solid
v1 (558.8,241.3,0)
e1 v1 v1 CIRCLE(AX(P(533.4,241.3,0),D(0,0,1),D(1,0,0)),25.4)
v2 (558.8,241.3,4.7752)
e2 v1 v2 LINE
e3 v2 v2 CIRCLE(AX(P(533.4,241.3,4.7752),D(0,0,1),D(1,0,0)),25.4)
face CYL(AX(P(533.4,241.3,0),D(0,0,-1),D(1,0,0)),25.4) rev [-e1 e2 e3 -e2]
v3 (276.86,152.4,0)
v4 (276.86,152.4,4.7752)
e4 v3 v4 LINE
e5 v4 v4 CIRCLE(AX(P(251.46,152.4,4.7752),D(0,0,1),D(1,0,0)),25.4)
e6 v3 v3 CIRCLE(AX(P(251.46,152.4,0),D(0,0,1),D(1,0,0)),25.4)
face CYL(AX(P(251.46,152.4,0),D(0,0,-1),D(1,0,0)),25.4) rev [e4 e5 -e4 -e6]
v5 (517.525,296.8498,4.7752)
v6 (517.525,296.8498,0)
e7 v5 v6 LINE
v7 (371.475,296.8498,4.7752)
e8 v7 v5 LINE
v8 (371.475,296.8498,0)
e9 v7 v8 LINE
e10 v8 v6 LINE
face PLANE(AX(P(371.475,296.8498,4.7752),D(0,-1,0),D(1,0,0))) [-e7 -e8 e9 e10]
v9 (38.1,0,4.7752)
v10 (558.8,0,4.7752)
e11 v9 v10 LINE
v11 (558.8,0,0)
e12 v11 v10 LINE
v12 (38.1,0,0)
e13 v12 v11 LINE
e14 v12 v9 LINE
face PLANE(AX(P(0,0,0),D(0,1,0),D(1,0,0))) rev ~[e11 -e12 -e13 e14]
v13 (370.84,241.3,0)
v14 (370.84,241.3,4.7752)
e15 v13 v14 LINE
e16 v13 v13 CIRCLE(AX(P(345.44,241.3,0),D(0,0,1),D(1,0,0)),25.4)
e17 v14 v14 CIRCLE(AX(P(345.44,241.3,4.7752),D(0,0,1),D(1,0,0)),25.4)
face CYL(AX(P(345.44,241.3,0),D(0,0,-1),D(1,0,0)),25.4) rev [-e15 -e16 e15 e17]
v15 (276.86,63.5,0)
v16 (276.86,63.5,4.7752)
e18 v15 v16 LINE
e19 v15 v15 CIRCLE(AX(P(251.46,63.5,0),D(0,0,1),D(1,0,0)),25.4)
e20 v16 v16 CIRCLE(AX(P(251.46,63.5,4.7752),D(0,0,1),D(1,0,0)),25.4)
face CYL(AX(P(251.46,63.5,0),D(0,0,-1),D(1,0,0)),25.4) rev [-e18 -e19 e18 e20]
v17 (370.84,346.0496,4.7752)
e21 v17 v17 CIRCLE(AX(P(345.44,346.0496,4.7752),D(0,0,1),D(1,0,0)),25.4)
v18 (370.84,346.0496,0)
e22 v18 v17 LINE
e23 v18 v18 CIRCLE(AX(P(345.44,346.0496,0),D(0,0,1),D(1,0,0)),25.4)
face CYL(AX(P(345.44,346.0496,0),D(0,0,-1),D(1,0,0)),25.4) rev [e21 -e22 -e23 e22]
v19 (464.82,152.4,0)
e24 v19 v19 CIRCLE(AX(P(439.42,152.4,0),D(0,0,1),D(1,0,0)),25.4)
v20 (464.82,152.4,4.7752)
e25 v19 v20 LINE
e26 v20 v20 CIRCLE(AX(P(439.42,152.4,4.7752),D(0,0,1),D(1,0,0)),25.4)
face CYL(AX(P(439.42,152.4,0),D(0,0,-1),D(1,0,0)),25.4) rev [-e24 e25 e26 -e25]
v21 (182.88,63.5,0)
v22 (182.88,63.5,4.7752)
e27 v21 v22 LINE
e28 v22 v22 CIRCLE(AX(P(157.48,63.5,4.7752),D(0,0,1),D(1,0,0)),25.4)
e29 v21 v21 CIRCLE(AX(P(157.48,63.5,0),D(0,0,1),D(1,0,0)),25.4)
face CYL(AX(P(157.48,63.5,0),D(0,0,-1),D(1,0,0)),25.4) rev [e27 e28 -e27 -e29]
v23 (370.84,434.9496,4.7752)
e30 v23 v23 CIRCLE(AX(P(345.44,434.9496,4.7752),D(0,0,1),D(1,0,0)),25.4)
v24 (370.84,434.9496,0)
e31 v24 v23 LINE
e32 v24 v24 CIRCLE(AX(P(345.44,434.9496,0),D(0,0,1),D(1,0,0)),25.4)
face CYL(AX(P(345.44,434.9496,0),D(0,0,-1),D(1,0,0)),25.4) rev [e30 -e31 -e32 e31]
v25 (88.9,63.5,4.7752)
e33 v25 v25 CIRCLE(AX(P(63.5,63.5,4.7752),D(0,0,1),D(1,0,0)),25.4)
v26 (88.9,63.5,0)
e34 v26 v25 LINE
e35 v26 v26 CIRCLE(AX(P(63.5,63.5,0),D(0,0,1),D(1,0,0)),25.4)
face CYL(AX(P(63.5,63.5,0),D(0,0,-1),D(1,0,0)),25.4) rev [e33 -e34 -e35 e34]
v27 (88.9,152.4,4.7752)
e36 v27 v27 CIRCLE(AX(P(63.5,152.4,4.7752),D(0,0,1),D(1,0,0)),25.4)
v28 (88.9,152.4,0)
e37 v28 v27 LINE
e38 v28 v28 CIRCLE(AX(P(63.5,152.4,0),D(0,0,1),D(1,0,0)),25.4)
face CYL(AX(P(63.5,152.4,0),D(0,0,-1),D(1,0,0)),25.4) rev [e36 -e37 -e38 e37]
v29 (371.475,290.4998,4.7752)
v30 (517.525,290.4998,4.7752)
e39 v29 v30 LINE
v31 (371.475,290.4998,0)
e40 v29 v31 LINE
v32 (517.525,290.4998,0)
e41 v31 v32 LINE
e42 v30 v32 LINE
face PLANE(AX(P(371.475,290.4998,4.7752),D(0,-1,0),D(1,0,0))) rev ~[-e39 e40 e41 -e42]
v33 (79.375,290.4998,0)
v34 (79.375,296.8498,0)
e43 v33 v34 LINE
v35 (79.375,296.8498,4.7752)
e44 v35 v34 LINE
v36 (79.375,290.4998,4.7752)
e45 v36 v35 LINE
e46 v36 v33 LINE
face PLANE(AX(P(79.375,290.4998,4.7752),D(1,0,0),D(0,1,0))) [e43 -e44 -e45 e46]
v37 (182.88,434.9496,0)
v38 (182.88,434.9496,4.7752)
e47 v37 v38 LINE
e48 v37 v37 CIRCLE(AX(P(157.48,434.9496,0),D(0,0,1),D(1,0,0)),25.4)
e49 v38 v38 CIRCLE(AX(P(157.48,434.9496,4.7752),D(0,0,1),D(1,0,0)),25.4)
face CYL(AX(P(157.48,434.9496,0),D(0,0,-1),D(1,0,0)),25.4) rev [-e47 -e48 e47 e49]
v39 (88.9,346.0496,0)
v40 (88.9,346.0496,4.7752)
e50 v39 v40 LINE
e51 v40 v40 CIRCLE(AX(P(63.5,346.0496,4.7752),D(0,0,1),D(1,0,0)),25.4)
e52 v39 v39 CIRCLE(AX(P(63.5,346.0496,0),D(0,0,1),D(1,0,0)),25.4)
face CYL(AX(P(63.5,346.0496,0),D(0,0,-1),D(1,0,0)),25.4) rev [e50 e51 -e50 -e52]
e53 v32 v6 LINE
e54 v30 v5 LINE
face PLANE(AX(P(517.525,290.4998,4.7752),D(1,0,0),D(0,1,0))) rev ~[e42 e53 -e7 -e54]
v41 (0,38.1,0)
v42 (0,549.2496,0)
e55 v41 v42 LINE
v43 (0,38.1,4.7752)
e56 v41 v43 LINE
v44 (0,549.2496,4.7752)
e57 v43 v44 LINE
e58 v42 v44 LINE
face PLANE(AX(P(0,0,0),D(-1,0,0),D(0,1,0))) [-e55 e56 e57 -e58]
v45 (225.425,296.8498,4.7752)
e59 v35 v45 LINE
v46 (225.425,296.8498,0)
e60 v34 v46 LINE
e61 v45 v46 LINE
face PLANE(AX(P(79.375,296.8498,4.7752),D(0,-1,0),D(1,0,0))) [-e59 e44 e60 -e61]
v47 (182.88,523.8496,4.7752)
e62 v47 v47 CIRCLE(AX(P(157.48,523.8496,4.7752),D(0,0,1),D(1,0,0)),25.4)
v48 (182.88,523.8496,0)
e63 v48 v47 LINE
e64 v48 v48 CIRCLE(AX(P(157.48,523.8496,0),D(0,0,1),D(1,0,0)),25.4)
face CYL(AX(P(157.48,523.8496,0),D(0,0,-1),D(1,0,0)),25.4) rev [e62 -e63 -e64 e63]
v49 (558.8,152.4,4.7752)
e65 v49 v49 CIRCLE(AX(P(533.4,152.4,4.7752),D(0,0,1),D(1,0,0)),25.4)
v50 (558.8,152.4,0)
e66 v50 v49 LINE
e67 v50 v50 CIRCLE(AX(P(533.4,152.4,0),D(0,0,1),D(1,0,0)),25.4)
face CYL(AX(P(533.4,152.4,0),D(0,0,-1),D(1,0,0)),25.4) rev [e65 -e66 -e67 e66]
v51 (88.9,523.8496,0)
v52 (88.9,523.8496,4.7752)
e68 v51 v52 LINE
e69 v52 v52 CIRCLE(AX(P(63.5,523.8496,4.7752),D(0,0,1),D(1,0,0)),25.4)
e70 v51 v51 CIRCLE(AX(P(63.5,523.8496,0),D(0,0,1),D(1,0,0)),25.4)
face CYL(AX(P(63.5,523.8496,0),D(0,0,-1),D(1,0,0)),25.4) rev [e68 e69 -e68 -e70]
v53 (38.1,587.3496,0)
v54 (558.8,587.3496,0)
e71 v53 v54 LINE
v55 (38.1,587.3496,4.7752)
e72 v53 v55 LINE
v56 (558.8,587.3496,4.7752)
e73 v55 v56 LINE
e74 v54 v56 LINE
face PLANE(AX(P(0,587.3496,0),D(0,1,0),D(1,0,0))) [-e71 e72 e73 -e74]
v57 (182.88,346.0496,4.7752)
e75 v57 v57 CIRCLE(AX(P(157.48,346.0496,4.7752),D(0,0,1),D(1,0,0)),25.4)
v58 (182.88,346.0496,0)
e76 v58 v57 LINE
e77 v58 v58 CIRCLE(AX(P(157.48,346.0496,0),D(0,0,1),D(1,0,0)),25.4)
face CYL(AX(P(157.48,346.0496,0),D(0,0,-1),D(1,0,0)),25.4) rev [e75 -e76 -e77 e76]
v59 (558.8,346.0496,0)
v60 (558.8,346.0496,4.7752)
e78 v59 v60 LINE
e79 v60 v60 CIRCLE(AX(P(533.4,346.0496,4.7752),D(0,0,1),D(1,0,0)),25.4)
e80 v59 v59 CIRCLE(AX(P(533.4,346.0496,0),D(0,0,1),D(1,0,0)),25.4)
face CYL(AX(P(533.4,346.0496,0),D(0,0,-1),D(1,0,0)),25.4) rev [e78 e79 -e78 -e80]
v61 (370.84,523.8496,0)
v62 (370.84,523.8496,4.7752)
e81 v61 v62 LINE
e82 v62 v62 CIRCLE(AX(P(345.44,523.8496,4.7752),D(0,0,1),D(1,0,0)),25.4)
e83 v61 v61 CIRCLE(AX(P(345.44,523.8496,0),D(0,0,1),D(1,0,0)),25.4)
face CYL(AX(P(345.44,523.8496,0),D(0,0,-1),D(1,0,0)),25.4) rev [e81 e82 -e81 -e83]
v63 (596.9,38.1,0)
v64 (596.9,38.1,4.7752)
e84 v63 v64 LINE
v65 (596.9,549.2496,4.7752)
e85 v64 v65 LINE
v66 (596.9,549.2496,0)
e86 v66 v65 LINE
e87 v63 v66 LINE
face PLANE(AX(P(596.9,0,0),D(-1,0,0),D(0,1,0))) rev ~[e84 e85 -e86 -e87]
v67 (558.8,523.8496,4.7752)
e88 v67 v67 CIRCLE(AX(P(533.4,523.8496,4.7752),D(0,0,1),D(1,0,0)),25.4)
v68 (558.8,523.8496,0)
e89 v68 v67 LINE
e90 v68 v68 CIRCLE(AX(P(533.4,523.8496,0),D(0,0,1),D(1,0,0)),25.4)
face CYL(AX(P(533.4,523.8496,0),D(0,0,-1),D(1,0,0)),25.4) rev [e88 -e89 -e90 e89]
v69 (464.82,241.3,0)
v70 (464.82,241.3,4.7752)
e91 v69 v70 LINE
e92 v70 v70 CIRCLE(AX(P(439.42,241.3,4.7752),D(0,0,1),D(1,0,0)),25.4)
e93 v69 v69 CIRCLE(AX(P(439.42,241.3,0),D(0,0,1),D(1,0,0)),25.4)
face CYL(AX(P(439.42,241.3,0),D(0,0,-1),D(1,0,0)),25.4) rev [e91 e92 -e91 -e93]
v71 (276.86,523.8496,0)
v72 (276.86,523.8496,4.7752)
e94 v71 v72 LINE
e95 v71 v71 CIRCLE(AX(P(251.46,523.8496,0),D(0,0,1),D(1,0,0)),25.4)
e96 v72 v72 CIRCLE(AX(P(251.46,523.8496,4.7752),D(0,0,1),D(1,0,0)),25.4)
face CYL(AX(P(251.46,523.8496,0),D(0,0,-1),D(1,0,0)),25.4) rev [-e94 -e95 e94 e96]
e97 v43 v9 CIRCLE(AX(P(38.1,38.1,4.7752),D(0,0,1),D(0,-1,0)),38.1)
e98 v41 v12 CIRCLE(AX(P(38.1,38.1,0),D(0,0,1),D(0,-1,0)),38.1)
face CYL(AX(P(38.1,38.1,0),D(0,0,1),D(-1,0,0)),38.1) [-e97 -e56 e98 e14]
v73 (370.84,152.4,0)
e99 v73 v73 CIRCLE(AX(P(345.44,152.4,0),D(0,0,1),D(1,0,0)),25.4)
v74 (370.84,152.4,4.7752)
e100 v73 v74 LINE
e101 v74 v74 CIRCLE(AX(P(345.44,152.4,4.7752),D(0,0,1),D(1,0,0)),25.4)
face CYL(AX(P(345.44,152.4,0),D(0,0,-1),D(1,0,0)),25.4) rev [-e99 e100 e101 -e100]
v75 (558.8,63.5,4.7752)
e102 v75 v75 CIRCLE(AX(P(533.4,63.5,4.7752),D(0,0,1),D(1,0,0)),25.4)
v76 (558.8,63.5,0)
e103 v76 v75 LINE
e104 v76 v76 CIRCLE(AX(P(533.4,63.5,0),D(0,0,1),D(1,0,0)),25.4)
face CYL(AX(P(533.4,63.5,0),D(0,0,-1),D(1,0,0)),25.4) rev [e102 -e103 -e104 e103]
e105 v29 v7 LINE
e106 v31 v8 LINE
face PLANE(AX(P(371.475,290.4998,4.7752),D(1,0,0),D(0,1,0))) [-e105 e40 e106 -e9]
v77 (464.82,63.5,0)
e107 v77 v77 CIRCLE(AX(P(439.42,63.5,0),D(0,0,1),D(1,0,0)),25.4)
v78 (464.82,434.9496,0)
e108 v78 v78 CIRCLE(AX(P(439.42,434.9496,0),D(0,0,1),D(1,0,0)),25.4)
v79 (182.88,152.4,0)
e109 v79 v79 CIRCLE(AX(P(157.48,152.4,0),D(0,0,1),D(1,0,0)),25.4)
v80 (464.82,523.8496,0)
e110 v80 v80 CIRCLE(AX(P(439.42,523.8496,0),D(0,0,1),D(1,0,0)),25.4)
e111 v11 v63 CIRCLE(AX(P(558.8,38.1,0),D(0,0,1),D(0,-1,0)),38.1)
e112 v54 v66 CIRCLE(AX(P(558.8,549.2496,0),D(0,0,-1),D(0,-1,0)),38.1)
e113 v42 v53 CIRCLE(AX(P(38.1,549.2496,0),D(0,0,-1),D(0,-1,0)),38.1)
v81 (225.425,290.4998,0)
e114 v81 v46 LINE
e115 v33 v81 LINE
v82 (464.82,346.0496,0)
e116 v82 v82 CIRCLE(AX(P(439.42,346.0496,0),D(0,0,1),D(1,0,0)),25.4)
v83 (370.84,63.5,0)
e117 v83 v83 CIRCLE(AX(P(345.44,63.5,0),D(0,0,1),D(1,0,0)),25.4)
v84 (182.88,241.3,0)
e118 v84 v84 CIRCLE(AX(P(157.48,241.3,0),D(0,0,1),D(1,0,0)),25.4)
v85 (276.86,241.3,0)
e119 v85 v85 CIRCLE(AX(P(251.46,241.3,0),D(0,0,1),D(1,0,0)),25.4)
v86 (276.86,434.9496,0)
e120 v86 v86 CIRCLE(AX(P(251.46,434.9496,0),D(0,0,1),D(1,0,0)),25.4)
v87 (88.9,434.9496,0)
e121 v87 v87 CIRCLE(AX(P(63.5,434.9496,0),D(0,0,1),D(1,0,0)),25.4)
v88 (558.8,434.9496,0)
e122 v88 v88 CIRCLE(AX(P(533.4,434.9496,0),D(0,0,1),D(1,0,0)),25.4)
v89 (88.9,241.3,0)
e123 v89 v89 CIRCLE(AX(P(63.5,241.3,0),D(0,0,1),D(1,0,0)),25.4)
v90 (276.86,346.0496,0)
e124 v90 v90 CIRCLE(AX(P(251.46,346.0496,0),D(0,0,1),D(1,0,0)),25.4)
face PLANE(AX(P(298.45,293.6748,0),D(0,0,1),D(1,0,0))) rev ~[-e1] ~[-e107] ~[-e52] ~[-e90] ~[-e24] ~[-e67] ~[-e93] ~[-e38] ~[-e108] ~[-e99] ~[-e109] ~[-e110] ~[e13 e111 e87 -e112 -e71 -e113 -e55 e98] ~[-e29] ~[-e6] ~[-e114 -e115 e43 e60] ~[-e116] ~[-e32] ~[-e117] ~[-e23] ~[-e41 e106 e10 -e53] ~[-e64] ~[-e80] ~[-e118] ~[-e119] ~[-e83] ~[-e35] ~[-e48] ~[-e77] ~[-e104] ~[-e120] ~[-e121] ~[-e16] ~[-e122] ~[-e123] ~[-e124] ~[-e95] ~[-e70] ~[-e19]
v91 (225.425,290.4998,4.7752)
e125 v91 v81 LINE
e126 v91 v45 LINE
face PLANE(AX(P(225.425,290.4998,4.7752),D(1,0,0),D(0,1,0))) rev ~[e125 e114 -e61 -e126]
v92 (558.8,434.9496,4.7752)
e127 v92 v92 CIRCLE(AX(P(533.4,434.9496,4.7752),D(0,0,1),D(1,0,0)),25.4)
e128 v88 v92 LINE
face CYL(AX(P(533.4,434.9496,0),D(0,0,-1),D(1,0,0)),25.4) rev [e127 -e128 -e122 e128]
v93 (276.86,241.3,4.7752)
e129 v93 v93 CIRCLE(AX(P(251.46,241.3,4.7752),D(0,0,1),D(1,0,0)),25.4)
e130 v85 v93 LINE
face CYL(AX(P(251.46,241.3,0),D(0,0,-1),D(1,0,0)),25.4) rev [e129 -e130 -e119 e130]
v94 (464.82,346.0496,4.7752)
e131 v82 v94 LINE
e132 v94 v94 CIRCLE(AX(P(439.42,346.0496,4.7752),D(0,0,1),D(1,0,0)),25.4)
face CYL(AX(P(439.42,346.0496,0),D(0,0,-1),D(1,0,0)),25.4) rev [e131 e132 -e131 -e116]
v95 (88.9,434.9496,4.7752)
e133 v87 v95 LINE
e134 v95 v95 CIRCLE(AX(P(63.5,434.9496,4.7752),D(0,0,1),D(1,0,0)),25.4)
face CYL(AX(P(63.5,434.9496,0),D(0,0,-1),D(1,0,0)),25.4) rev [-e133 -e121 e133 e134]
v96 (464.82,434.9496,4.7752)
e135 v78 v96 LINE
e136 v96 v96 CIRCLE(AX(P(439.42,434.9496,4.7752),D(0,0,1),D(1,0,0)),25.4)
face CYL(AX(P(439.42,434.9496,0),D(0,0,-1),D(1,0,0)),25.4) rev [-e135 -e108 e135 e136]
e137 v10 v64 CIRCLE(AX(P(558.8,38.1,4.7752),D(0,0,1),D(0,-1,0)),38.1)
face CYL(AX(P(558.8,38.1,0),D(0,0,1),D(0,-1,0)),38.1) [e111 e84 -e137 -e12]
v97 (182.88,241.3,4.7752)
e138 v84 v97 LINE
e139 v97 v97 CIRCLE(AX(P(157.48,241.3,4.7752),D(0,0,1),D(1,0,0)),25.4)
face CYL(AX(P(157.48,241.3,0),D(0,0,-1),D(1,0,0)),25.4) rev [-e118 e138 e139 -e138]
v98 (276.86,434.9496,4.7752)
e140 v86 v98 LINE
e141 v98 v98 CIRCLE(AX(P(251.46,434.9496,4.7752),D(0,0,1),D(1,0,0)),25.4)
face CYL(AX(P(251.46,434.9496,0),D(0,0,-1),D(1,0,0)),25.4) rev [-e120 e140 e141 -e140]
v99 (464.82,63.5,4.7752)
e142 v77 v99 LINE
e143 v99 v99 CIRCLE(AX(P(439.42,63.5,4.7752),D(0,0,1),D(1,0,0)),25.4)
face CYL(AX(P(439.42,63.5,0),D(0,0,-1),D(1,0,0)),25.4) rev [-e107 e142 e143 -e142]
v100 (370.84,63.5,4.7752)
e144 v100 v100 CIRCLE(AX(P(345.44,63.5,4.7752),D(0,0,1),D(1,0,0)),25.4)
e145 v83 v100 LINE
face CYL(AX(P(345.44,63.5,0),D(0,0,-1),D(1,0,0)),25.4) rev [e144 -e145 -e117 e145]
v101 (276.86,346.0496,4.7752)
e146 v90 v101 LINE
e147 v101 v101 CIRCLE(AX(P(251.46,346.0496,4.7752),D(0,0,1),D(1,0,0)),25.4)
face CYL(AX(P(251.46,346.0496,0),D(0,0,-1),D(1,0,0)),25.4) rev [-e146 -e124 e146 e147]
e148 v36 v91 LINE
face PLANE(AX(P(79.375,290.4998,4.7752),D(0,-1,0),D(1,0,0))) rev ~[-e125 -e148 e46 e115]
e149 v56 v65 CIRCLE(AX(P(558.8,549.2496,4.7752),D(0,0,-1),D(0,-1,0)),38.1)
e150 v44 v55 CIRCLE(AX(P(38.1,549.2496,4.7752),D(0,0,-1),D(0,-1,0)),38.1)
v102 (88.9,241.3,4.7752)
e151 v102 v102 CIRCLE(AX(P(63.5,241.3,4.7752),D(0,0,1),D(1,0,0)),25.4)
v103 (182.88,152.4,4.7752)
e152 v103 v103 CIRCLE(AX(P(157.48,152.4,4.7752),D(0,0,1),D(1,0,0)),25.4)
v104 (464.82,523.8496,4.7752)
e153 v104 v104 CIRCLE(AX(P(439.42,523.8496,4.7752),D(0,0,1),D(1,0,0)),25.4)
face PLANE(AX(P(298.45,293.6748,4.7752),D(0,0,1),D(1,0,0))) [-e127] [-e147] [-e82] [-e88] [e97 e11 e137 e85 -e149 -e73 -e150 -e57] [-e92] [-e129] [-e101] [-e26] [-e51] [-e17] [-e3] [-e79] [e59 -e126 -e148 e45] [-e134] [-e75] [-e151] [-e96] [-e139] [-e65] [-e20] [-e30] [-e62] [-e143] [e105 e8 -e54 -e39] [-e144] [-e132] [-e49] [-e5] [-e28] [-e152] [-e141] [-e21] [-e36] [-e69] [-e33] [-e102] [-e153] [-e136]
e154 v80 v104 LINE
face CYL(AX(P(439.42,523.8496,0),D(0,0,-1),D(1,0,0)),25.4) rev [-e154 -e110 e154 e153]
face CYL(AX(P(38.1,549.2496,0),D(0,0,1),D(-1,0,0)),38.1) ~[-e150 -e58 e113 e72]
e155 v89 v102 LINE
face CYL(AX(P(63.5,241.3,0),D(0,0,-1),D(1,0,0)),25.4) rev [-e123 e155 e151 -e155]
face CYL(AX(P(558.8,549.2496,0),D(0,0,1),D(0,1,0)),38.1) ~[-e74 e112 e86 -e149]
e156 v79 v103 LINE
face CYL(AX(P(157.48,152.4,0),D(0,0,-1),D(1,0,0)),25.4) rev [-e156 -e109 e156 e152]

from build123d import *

# Parameters (mm, degrees)
F0_W     = 596.9
F0_H     = 587.3496
F0_R     = 25.4
F1_DEPTH = 4.7752
F2_R     = 38.1
F3_W     = 146.05
F3_H     = 6.35
F4_DEPTH = 25.4


with BuildPart() as f1:
    # F0 (on Top) → F1 (new body)
    with BuildSketch(Plane.XY):
        with Locations((298.45, 293.6748)):
            Rectangle(F0_W, F0_H)
        with Locations((63.5, 63.5)):
            Circle(F0_R, mode=Mode.SUBTRACT)
        with Locations((157.48, 63.5)):
            Circle(F0_R, mode=Mode.SUBTRACT)
        with Locations((251.46, 63.5)):
            Circle(F0_R, mode=Mode.SUBTRACT)
        with Locations((63.5, 152.4)):
            Circle(F0_R, mode=Mode.SUBTRACT)
        with Locations((63.5, 241.3)):
            Circle(F0_R, mode=Mode.SUBTRACT)
        with Locations((157.48, 152.4)):
            Circle(F0_R, mode=Mode.SUBTRACT)
        with Locations((251.46, 152.4)):
            Circle(F0_R, mode=Mode.SUBTRACT)
        with Locations((157.48, 241.3)):
            Circle(F0_R, mode=Mode.SUBTRACT)
        with Locations((251.46, 241.3)):
            Circle(F0_R, mode=Mode.SUBTRACT)
        with Locations((345.44, 63.5)):
            Circle(F0_R, mode=Mode.SUBTRACT)
        with Locations((439.42, 63.5)):
            Circle(F0_R, mode=Mode.SUBTRACT)
        with Locations((533.4, 63.5)):
            Circle(F0_R, mode=Mode.SUBTRACT)
        with Locations((345.44, 152.4)):
            Circle(F0_R, mode=Mode.SUBTRACT)
        with Locations((439.42, 152.4)):
            Circle(F0_R, mode=Mode.SUBTRACT)
        with Locations((345.44, 241.3)):
            Circle(F0_R, mode=Mode.SUBTRACT)
        with Locations((439.42, 241.3)):
            Circle(F0_R, mode=Mode.SUBTRACT)
        with Locations((533.4, 152.4)):
            Circle(F0_R, mode=Mode.SUBTRACT)
        with Locations((533.4, 241.3)):
            Circle(F0_R, mode=Mode.SUBTRACT)
        with Locations((63.5, 346.0496)):
            Circle(F0_R, mode=Mode.SUBTRACT)
        with Locations((63.5, 434.9496)):
            Circle(F0_R, mode=Mode.SUBTRACT)
        with Locations((157.48, 346.0496)):
            Circle(F0_R, mode=Mode.SUBTRACT)
        with Locations((251.46, 346.0496)):
            Circle(F0_R, mode=Mode.SUBTRACT)
        with Locations((157.48, 434.9496)):
            Circle(F0_R, mode=Mode.SUBTRACT)
        with Locations((251.46, 434.9496)):
            Circle(F0_R, mode=Mode.SUBTRACT)
        with Locations((63.5, 523.8496)):
            Circle(F0_R, mode=Mode.SUBTRACT)
        with Locations((157.48, 523.8496)):
            Circle(F0_R, mode=Mode.SUBTRACT)
        with Locations((251.46, 523.8496)):
            Circle(F0_R, mode=Mode.SUBTRACT)
        with Locations((345.44, 346.0496)):
            Circle(F0_R, mode=Mode.SUBTRACT)
        with Locations((439.42, 346.0496)):
            Circle(F0_R, mode=Mode.SUBTRACT)
        with Locations((345.44, 434.9496)):
            Circle(F0_R, mode=Mode.SUBTRACT)
        with Locations((439.42, 434.9496)):
            Circle(F0_R, mode=Mode.SUBTRACT)
        with Locations((533.4, 346.0496)):
            Circle(F0_R, mode=Mode.SUBTRACT)
        with Locations((533.4, 434.9496)):
            Circle(F0_R, mode=Mode.SUBTRACT)
        with Locations((345.44, 523.8496)):
            Circle(F0_R, mode=Mode.SUBTRACT)
        with Locations((439.42, 523.8496)):
            Circle(F0_R, mode=Mode.SUBTRACT)
        with Locations((533.4, 523.8496)):
            Circle(F0_R, mode=Mode.SUBTRACT)
    extrude(amount=F1_DEPTH)

    # F2
    f2_edges = [f1.edges().sort_by_distance(p)[0] for p in [
        (0, 0, 2.3876),
        (596.9, 0, 2.3876),
        (596.9, 587.3496, 2.3876),
        (0, 587.3496, 2.3876),
    ]]
    fillet(f2_edges, radius=F2_R)

    # F3 (on face) → F4 (cut)
    with BuildSketch(Plane.XY.offset(4.7752)):
        with Locations((152.4, 293.6748)):
            Rectangle(F3_W, F3_H)
        with Locations((444.5, 293.6748)):
            Rectangle(F3_W, F3_H)
    extrude(amount=-F4_DEPTH, mode=Mode.SUBTRACT)


solid = f1.part
